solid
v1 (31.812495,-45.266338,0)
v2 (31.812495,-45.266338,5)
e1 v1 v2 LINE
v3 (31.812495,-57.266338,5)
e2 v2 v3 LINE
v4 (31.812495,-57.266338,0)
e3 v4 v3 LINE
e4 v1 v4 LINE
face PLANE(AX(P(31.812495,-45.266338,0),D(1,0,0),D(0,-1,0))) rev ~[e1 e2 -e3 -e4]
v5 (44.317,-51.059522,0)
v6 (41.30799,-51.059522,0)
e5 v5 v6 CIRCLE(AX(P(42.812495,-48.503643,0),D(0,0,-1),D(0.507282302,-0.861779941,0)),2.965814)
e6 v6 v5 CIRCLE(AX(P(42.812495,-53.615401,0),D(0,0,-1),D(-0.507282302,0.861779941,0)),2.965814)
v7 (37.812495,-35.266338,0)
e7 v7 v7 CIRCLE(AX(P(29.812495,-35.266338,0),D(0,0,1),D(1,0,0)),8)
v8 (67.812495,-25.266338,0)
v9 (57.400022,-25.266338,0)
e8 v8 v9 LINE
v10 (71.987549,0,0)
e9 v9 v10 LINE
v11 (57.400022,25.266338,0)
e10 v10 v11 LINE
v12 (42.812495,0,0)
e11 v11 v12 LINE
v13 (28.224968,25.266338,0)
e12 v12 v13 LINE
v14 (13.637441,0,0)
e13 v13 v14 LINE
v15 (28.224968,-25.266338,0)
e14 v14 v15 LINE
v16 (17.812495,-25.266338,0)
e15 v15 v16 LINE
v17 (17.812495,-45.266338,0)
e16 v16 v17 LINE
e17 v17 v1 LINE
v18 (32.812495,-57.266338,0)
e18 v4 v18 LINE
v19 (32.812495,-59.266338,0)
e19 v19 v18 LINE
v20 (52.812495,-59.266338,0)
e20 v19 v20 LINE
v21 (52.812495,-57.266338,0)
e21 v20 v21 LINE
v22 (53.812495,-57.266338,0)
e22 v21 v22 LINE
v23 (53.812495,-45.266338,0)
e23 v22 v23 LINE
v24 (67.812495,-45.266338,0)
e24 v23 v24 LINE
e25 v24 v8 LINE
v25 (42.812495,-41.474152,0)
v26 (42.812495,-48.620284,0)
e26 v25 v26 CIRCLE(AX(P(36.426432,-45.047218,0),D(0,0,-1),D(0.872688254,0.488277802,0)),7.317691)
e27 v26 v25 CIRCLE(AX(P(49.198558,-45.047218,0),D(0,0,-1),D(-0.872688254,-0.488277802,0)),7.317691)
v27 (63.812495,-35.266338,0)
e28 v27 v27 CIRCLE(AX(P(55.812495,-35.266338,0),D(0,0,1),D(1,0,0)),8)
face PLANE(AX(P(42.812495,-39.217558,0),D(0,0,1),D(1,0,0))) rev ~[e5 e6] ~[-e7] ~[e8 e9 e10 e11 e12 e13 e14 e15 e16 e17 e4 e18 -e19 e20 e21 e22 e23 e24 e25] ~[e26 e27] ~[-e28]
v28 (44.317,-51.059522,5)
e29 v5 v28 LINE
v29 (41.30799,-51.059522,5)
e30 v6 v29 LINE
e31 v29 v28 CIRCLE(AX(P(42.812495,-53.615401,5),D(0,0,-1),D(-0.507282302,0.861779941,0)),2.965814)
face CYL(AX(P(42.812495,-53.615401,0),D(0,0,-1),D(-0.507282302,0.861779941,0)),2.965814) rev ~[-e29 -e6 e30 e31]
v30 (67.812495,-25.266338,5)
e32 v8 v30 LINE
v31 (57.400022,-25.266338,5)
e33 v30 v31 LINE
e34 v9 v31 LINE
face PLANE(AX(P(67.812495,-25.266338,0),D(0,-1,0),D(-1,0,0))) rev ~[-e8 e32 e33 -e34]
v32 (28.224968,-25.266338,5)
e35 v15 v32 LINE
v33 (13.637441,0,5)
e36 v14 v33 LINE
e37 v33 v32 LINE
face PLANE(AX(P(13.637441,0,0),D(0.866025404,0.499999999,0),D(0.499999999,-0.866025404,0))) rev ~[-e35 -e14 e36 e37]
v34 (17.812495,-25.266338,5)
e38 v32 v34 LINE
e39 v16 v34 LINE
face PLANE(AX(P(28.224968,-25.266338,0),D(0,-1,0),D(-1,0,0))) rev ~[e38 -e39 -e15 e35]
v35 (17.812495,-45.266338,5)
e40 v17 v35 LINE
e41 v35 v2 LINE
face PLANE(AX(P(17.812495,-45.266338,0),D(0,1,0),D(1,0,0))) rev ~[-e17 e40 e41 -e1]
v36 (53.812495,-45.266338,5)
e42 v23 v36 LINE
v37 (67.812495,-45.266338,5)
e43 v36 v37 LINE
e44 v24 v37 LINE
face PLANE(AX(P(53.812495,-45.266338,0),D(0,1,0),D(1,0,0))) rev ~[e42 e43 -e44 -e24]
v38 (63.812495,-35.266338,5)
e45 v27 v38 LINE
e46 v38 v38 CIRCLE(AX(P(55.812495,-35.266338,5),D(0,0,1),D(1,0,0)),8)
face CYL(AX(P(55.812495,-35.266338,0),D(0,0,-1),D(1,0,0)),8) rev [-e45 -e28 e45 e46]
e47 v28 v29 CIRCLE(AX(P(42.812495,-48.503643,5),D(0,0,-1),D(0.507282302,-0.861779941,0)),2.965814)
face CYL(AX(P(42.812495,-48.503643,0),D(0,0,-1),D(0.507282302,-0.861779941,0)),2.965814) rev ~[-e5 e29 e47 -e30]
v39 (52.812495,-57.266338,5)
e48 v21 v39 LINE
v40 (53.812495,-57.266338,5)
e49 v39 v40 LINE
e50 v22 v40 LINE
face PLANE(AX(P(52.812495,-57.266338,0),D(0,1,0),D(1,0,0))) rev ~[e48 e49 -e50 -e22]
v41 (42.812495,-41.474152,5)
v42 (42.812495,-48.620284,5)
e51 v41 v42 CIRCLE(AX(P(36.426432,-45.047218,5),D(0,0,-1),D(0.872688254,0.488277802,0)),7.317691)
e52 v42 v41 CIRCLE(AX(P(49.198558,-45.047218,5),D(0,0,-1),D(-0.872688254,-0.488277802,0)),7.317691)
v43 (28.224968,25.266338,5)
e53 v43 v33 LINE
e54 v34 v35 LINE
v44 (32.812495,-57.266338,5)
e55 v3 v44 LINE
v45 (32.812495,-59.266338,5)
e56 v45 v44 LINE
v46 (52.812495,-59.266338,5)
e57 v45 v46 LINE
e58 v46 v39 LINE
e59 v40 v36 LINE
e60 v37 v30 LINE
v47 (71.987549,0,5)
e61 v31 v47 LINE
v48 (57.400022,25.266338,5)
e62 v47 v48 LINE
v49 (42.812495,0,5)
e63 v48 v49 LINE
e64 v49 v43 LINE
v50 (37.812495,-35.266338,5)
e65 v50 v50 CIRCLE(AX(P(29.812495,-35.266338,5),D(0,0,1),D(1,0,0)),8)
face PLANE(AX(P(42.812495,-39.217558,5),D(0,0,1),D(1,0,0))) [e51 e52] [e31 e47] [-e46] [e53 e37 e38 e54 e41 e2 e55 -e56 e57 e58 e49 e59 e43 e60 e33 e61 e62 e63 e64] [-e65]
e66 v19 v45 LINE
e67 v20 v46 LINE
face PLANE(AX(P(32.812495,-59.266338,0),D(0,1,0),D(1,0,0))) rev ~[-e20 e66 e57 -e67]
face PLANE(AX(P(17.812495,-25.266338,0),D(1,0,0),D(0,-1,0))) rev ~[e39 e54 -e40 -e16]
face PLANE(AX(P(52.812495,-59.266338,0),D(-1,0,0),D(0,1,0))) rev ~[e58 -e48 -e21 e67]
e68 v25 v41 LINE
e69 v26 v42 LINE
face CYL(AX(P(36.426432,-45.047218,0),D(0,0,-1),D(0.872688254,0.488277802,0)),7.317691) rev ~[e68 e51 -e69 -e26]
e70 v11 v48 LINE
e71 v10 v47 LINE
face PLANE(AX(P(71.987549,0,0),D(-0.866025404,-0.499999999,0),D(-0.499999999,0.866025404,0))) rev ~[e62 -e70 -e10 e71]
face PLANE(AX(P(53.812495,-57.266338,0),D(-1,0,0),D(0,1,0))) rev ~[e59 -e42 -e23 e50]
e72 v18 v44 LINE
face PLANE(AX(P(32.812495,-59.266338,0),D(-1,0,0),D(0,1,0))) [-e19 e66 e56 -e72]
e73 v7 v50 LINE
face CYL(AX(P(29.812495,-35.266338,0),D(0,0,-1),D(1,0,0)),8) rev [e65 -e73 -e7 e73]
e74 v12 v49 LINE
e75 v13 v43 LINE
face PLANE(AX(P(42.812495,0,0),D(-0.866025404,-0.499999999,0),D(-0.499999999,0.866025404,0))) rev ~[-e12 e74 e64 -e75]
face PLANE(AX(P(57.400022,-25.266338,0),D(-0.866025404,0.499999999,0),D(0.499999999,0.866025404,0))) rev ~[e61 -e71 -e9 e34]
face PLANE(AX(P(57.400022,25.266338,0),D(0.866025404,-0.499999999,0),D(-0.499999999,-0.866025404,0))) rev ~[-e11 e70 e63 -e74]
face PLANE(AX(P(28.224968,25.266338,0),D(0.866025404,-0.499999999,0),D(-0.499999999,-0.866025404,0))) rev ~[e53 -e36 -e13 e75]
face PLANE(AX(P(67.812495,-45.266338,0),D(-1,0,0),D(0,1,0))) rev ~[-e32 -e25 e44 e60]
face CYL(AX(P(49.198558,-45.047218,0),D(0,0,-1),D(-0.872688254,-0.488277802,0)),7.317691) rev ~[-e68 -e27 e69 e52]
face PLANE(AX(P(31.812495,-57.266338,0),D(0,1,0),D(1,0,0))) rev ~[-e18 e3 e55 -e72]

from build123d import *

# Parameters (mm, degrees)
F0_R     = 8
F0_W     = 20
F0_H     = 2
F1_DEPTH = 5


with BuildPart() as f1:
    # F0 (on Top) → F1 (new body)
    with BuildSketch(Plane.XY):
        Polygon((28.224968, -25.266338), (17.812495, -25.266338), (17.812495, -35.266338), (17.812495, -45.266338), (31.812495, -45.266338), (31.812495, -57.266338), (32.812495, -57.266338), (52.812495, -57.266338), (53.812495, -57.266338), (53.812495, -45.266338), (67.812495, -45.266338), (67.812495, -25.266338), (57.400022, -25.266338), align=None)
        with Locations((29.812495, -35.266338)):
            Circle(F0_R, mode=Mode.SUBTRACT)
        with BuildLine():
            ThreePointArc((44.317, -51.059522), (42.812495, -51.469457), (41.30799, -51.059522))
            ThreePointArc((41.30799, -51.059522), (42.812495, -50.649587), (44.317, -51.059522))
        make_face(mode=Mode.SUBTRACT)
        with BuildLine():
            ThreePointArc((42.812495, -41.474152), (43.744123, -45.047218), (42.812495, -48.620284))
            ThreePointArc((42.812495, -48.620284), (41.880867, -45.047218), (42.812495, -41.474152))
        make_face(mode=Mode.SUBTRACT)
        with Locations((55.812495, -35.266338)):
            Circle(F0_R, mode=Mode.SUBTRACT)
        Polygon((13.637441, 0), (28.224968, -25.266338), (57.400022, -25.266338), (71.987549, 0), (57.400022, 25.266338), (42.812495, 0), (28.224968, 25.266338), align=None)
        with Locations((42.812495, -58.266338)):
            Rectangle(F0_W, F0_H)
    extrude(amount=F1_DEPTH)


solid = f1.part
